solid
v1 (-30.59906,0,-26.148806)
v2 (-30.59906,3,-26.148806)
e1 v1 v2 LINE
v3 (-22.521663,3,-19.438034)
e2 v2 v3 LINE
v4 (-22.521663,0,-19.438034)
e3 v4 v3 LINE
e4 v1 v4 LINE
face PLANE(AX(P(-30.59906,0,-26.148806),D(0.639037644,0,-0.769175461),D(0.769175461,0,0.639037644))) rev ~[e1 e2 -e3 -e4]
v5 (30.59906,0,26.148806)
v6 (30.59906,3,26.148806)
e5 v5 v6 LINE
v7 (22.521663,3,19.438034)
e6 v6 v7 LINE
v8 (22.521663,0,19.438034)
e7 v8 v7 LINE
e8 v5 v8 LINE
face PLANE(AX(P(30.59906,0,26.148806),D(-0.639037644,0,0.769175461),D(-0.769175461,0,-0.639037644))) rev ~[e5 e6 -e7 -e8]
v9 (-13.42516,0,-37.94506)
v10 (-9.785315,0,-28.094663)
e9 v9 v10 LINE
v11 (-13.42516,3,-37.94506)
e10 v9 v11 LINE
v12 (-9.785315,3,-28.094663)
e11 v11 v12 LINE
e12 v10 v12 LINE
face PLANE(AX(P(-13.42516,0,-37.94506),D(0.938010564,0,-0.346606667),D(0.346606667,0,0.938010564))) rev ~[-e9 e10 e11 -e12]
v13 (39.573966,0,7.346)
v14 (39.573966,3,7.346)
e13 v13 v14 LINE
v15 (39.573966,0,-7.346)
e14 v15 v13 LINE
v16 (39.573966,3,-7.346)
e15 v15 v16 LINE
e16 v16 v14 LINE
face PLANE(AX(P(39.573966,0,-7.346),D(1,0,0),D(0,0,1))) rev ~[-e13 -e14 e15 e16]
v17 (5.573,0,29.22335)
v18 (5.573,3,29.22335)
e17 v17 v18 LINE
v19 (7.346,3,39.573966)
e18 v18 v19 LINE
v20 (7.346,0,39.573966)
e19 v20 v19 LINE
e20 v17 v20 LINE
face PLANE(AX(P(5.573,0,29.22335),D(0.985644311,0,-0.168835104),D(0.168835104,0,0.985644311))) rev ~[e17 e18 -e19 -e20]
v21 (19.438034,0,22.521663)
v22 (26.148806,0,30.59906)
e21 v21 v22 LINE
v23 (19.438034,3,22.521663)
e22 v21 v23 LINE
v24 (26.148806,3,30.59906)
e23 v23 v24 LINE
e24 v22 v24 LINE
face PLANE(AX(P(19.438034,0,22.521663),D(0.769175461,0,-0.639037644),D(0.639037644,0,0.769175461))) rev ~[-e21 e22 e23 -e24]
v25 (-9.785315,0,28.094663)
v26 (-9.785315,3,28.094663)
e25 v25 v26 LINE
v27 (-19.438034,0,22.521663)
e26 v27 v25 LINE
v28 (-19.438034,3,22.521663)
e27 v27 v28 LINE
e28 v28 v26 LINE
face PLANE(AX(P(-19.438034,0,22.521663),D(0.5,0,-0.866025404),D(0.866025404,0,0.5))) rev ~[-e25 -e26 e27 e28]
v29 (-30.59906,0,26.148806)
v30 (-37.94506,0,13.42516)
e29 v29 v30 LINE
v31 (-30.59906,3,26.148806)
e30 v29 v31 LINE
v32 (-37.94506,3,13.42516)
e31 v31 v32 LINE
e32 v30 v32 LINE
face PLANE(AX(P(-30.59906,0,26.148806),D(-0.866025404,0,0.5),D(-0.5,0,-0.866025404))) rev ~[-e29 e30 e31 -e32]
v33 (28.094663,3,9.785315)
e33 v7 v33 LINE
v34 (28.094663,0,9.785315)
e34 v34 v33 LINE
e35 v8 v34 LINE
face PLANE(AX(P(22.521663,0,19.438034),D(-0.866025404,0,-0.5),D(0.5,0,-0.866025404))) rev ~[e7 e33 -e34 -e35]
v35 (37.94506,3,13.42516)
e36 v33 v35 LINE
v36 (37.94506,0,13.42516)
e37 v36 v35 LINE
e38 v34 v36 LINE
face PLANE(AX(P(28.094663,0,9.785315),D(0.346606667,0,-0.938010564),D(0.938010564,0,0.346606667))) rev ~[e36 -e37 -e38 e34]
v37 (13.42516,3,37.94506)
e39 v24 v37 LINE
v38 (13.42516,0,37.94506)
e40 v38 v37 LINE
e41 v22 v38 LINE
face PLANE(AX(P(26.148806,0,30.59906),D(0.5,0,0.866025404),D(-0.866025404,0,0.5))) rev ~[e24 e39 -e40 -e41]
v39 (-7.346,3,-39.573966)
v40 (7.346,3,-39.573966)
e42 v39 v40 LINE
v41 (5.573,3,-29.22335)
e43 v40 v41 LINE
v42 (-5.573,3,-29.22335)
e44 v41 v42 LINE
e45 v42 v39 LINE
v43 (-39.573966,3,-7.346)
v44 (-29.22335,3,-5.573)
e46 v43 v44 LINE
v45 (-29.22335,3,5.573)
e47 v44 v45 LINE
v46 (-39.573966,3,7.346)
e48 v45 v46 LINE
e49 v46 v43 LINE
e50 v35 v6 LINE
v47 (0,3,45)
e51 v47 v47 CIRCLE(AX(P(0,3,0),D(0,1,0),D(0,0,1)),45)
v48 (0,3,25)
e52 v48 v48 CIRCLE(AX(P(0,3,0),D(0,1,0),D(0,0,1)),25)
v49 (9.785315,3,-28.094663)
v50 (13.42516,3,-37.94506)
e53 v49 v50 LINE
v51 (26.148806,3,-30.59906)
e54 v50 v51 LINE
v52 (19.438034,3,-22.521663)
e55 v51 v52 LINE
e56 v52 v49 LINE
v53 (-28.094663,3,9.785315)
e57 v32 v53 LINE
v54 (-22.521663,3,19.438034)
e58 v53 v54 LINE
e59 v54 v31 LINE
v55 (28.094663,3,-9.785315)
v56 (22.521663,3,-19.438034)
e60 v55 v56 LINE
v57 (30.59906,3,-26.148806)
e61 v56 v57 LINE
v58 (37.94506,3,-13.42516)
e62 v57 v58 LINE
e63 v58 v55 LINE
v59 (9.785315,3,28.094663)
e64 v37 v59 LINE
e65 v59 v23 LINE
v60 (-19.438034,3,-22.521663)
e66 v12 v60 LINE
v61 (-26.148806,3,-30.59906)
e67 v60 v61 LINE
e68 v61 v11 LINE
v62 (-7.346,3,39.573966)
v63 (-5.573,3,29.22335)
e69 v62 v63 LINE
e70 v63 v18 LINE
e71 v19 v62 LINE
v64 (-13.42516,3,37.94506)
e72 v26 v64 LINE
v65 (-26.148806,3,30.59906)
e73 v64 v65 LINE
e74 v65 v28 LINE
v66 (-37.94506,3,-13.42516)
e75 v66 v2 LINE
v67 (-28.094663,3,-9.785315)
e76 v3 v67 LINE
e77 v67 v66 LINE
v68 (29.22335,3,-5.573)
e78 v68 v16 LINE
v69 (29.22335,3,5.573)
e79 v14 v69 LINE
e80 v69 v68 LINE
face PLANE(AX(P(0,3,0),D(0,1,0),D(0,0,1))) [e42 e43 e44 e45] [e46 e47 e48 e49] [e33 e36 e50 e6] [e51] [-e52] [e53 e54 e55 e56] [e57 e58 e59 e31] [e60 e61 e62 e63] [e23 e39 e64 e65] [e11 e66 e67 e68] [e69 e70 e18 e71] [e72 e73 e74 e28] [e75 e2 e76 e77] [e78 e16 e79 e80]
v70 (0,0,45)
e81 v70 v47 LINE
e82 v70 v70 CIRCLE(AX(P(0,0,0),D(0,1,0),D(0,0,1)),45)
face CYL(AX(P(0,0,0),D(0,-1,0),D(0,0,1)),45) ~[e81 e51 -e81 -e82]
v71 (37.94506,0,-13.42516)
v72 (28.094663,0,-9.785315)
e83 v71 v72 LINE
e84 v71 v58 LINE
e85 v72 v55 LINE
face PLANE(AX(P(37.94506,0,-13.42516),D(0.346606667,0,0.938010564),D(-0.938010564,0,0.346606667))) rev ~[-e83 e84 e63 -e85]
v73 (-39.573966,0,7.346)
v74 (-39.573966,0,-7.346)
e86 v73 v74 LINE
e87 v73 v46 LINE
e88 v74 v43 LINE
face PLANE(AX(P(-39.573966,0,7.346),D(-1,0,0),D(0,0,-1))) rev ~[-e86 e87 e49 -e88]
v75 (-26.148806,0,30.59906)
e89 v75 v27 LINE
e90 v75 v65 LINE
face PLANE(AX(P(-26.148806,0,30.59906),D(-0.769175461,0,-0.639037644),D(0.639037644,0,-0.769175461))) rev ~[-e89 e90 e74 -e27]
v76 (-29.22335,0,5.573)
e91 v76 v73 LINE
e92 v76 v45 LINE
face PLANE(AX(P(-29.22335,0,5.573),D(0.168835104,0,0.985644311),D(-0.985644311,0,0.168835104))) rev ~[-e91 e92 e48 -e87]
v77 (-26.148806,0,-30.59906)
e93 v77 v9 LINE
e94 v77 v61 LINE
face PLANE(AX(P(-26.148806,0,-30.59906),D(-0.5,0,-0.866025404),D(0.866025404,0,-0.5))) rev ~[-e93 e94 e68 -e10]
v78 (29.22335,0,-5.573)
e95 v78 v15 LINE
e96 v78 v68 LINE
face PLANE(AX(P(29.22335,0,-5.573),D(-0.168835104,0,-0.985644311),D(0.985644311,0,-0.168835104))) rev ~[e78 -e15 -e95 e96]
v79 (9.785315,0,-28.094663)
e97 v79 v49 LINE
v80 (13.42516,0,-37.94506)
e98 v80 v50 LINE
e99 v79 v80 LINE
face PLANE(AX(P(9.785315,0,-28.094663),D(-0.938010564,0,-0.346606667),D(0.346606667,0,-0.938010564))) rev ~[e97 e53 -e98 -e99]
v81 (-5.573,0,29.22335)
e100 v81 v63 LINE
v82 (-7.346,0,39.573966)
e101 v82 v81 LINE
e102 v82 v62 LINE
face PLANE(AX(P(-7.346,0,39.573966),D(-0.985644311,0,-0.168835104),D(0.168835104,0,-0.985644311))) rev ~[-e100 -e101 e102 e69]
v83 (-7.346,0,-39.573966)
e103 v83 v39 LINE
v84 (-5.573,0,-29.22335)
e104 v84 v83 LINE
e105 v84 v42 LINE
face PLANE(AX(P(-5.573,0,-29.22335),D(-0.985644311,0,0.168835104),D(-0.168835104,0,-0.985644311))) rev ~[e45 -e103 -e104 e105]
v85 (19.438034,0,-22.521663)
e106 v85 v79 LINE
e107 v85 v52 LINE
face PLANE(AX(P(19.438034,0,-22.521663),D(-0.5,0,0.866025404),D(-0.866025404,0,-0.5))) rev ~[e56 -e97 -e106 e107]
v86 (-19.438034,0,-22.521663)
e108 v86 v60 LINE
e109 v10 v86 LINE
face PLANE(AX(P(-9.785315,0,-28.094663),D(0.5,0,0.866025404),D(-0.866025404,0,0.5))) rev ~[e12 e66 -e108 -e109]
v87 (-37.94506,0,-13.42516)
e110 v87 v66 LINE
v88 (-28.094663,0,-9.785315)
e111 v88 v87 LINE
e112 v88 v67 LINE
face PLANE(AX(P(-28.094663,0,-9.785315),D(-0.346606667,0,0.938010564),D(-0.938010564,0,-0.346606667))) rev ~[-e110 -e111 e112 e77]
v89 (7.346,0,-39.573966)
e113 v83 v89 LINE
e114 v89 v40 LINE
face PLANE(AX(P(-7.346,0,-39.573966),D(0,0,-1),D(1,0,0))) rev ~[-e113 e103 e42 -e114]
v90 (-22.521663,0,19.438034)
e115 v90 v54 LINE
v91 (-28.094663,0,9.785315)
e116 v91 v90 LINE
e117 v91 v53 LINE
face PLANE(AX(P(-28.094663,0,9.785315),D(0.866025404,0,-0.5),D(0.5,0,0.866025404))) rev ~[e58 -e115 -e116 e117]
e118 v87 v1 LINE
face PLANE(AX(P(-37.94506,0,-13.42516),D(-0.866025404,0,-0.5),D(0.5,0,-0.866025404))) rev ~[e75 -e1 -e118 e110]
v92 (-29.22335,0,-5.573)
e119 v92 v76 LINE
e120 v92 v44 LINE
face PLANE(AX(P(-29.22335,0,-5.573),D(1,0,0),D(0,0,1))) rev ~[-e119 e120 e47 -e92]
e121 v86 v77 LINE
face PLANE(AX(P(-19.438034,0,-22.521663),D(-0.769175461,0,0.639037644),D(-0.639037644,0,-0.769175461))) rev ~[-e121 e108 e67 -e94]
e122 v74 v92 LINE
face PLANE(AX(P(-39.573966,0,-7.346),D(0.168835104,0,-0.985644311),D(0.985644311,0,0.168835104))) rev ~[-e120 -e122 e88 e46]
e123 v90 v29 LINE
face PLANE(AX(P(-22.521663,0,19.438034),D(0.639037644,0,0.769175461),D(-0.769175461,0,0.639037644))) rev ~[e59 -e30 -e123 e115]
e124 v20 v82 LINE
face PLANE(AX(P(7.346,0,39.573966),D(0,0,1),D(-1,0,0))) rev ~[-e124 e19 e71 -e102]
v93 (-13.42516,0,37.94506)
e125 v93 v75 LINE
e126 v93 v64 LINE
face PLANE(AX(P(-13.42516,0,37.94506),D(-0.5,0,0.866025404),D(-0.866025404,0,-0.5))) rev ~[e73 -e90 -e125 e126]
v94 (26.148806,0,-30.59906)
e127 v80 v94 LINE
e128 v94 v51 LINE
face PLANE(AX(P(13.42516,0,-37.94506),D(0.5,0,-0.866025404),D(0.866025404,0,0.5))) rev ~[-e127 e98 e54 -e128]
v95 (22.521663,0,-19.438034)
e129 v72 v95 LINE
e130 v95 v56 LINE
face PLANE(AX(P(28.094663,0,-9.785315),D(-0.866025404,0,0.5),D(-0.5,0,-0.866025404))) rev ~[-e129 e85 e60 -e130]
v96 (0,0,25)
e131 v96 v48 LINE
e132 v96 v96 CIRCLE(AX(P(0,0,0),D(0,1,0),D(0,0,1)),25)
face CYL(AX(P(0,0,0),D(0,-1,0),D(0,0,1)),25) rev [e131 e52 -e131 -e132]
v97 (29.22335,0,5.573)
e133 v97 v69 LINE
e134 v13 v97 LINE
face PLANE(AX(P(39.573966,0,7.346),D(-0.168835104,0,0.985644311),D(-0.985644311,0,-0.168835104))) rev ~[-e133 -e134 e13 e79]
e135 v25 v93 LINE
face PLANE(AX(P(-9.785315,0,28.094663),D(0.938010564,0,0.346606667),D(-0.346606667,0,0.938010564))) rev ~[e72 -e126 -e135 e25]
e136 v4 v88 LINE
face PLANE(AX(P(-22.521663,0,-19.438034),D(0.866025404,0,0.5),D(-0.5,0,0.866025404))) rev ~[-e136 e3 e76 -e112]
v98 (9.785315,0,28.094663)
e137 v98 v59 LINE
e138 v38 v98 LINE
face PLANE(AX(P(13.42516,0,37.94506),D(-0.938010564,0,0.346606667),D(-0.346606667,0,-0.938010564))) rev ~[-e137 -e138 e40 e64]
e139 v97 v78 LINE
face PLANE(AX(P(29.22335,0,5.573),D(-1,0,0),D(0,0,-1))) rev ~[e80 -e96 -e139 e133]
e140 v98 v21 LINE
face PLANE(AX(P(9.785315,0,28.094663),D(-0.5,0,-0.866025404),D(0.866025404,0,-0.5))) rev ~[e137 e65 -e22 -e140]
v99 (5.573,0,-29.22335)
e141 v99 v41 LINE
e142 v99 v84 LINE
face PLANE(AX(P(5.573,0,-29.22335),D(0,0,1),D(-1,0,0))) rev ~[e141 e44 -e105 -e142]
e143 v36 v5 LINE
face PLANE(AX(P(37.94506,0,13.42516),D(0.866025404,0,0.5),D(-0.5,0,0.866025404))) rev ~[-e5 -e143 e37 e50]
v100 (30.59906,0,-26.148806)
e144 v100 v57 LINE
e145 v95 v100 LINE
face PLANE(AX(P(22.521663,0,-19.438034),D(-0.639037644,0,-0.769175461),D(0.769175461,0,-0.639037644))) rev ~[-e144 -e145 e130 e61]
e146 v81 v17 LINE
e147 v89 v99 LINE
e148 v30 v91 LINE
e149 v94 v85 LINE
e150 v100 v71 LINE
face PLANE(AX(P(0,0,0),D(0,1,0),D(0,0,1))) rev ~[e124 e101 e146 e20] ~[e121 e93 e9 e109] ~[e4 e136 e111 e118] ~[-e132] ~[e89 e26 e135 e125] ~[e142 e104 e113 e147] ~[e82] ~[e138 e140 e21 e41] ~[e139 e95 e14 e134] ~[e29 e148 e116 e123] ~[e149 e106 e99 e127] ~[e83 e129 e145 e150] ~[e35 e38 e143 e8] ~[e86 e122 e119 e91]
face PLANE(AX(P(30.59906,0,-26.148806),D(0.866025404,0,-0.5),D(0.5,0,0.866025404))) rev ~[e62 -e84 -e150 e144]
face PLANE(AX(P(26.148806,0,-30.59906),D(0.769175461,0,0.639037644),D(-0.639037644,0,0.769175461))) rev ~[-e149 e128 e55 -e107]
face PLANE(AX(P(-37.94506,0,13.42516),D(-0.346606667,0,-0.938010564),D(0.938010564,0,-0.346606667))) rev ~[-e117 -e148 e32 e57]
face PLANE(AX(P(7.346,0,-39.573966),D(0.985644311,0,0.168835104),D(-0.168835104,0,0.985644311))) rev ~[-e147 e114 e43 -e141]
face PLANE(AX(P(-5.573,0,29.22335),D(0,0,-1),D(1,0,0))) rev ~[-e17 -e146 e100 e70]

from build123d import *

# Parameters (mm, degrees)
SKETCH1_R           = 45
SKETCH1_R_2         = 25
BOSS_EXTRUDE1_DEPTH = 3


with BuildPart() as part:
    # Sketch1 → Boss-Extrude1 (new body)
    with BuildSketch(Plane(origin=(0, 0, 0), x_dir=(1, 0, 0), z_dir=(0, 1, 0))):
        with Locations(Location((0, 0, 0), (0, 0, 270))):
            Circle(SKETCH1_R)
        with Locations(Location((0, 0, 0), (0, 0, 270))):
            Circle(SKETCH1_R_2, mode=Mode.SUBTRACT)
        Polygon((-7.346, 39.573965988), (7.346, 39.573965988), (5.573, 29.223349757), (-5.573, 29.223349757), align=None, mode=Mode.SUBTRACT)
        Polygon((9.785315303, 28.094663273), (13.425160378, 37.945059874), (26.14880561, 30.599059874), (19.438034454, 22.521663273), align=None, mode=Mode.SUBTRACT)
        Polygon((22.521663273, 19.438034454), (30.599059874, 26.14880561), (37.945059874, 13.425160378), (28.094663273, 9.785315303), align=None, mode=Mode.SUBTRACT)
        Polygon((29.223349757, 5.573), (39.573965988, 7.346), (39.573965988, -7.346), (29.223349757, -5.573), align=None, mode=Mode.SUBTRACT)
        Polygon((28.094663273, -9.785315303), (37.945059874, -13.425160378), (30.599059874, -26.14880561), (22.521663273, -19.438034454), align=None, mode=Mode.SUBTRACT)
        Polygon((19.438034454, -22.521663273), (26.14880561, -30.599059874), (13.425160378, -37.945059874), (9.785315303, -28.094663273), align=None, mode=Mode.SUBTRACT)
        Polygon((5.573, -29.223349757), (7.346, -39.573965988), (-7.346, -39.573965988), (-5.573, -29.223349757), align=None, mode=Mode.SUBTRACT)
        Polygon((-9.785315303, -28.094663273), (-13.425160378, -37.945059874), (-26.14880561, -30.599059874), (-19.438034454, -22.521663273), align=None, mode=Mode.SUBTRACT)
        Polygon((-22.521663273, -19.438034454), (-30.599059874, -26.14880561), (-37.945059874, -13.425160378), (-28.094663273, -9.785315303), align=None, mode=Mode.SUBTRACT)
        Polygon((-29.223349757, -5.573), (-39.573965988, -7.346), (-39.573965988, 7.346), (-29.223349757, 5.573), align=None, mode=Mode.SUBTRACT)
        Polygon((-28.094663273, 9.785315303), (-37.945059874, 13.425160378), (-30.599059874, 26.14880561), (-22.521663273, 19.438034454), align=None, mode=Mode.SUBTRACT)
        Polygon((-19.438034454, 22.521663273), (-26.14880561, 30.599059874), (-13.425160378, 37.945059874), (-9.785315303, 28.094663273), align=None, mode=Mode.SUBTRACT)
    extrude(amount=BOSS_EXTRUDE1_DEPTH)


solid = part.part
